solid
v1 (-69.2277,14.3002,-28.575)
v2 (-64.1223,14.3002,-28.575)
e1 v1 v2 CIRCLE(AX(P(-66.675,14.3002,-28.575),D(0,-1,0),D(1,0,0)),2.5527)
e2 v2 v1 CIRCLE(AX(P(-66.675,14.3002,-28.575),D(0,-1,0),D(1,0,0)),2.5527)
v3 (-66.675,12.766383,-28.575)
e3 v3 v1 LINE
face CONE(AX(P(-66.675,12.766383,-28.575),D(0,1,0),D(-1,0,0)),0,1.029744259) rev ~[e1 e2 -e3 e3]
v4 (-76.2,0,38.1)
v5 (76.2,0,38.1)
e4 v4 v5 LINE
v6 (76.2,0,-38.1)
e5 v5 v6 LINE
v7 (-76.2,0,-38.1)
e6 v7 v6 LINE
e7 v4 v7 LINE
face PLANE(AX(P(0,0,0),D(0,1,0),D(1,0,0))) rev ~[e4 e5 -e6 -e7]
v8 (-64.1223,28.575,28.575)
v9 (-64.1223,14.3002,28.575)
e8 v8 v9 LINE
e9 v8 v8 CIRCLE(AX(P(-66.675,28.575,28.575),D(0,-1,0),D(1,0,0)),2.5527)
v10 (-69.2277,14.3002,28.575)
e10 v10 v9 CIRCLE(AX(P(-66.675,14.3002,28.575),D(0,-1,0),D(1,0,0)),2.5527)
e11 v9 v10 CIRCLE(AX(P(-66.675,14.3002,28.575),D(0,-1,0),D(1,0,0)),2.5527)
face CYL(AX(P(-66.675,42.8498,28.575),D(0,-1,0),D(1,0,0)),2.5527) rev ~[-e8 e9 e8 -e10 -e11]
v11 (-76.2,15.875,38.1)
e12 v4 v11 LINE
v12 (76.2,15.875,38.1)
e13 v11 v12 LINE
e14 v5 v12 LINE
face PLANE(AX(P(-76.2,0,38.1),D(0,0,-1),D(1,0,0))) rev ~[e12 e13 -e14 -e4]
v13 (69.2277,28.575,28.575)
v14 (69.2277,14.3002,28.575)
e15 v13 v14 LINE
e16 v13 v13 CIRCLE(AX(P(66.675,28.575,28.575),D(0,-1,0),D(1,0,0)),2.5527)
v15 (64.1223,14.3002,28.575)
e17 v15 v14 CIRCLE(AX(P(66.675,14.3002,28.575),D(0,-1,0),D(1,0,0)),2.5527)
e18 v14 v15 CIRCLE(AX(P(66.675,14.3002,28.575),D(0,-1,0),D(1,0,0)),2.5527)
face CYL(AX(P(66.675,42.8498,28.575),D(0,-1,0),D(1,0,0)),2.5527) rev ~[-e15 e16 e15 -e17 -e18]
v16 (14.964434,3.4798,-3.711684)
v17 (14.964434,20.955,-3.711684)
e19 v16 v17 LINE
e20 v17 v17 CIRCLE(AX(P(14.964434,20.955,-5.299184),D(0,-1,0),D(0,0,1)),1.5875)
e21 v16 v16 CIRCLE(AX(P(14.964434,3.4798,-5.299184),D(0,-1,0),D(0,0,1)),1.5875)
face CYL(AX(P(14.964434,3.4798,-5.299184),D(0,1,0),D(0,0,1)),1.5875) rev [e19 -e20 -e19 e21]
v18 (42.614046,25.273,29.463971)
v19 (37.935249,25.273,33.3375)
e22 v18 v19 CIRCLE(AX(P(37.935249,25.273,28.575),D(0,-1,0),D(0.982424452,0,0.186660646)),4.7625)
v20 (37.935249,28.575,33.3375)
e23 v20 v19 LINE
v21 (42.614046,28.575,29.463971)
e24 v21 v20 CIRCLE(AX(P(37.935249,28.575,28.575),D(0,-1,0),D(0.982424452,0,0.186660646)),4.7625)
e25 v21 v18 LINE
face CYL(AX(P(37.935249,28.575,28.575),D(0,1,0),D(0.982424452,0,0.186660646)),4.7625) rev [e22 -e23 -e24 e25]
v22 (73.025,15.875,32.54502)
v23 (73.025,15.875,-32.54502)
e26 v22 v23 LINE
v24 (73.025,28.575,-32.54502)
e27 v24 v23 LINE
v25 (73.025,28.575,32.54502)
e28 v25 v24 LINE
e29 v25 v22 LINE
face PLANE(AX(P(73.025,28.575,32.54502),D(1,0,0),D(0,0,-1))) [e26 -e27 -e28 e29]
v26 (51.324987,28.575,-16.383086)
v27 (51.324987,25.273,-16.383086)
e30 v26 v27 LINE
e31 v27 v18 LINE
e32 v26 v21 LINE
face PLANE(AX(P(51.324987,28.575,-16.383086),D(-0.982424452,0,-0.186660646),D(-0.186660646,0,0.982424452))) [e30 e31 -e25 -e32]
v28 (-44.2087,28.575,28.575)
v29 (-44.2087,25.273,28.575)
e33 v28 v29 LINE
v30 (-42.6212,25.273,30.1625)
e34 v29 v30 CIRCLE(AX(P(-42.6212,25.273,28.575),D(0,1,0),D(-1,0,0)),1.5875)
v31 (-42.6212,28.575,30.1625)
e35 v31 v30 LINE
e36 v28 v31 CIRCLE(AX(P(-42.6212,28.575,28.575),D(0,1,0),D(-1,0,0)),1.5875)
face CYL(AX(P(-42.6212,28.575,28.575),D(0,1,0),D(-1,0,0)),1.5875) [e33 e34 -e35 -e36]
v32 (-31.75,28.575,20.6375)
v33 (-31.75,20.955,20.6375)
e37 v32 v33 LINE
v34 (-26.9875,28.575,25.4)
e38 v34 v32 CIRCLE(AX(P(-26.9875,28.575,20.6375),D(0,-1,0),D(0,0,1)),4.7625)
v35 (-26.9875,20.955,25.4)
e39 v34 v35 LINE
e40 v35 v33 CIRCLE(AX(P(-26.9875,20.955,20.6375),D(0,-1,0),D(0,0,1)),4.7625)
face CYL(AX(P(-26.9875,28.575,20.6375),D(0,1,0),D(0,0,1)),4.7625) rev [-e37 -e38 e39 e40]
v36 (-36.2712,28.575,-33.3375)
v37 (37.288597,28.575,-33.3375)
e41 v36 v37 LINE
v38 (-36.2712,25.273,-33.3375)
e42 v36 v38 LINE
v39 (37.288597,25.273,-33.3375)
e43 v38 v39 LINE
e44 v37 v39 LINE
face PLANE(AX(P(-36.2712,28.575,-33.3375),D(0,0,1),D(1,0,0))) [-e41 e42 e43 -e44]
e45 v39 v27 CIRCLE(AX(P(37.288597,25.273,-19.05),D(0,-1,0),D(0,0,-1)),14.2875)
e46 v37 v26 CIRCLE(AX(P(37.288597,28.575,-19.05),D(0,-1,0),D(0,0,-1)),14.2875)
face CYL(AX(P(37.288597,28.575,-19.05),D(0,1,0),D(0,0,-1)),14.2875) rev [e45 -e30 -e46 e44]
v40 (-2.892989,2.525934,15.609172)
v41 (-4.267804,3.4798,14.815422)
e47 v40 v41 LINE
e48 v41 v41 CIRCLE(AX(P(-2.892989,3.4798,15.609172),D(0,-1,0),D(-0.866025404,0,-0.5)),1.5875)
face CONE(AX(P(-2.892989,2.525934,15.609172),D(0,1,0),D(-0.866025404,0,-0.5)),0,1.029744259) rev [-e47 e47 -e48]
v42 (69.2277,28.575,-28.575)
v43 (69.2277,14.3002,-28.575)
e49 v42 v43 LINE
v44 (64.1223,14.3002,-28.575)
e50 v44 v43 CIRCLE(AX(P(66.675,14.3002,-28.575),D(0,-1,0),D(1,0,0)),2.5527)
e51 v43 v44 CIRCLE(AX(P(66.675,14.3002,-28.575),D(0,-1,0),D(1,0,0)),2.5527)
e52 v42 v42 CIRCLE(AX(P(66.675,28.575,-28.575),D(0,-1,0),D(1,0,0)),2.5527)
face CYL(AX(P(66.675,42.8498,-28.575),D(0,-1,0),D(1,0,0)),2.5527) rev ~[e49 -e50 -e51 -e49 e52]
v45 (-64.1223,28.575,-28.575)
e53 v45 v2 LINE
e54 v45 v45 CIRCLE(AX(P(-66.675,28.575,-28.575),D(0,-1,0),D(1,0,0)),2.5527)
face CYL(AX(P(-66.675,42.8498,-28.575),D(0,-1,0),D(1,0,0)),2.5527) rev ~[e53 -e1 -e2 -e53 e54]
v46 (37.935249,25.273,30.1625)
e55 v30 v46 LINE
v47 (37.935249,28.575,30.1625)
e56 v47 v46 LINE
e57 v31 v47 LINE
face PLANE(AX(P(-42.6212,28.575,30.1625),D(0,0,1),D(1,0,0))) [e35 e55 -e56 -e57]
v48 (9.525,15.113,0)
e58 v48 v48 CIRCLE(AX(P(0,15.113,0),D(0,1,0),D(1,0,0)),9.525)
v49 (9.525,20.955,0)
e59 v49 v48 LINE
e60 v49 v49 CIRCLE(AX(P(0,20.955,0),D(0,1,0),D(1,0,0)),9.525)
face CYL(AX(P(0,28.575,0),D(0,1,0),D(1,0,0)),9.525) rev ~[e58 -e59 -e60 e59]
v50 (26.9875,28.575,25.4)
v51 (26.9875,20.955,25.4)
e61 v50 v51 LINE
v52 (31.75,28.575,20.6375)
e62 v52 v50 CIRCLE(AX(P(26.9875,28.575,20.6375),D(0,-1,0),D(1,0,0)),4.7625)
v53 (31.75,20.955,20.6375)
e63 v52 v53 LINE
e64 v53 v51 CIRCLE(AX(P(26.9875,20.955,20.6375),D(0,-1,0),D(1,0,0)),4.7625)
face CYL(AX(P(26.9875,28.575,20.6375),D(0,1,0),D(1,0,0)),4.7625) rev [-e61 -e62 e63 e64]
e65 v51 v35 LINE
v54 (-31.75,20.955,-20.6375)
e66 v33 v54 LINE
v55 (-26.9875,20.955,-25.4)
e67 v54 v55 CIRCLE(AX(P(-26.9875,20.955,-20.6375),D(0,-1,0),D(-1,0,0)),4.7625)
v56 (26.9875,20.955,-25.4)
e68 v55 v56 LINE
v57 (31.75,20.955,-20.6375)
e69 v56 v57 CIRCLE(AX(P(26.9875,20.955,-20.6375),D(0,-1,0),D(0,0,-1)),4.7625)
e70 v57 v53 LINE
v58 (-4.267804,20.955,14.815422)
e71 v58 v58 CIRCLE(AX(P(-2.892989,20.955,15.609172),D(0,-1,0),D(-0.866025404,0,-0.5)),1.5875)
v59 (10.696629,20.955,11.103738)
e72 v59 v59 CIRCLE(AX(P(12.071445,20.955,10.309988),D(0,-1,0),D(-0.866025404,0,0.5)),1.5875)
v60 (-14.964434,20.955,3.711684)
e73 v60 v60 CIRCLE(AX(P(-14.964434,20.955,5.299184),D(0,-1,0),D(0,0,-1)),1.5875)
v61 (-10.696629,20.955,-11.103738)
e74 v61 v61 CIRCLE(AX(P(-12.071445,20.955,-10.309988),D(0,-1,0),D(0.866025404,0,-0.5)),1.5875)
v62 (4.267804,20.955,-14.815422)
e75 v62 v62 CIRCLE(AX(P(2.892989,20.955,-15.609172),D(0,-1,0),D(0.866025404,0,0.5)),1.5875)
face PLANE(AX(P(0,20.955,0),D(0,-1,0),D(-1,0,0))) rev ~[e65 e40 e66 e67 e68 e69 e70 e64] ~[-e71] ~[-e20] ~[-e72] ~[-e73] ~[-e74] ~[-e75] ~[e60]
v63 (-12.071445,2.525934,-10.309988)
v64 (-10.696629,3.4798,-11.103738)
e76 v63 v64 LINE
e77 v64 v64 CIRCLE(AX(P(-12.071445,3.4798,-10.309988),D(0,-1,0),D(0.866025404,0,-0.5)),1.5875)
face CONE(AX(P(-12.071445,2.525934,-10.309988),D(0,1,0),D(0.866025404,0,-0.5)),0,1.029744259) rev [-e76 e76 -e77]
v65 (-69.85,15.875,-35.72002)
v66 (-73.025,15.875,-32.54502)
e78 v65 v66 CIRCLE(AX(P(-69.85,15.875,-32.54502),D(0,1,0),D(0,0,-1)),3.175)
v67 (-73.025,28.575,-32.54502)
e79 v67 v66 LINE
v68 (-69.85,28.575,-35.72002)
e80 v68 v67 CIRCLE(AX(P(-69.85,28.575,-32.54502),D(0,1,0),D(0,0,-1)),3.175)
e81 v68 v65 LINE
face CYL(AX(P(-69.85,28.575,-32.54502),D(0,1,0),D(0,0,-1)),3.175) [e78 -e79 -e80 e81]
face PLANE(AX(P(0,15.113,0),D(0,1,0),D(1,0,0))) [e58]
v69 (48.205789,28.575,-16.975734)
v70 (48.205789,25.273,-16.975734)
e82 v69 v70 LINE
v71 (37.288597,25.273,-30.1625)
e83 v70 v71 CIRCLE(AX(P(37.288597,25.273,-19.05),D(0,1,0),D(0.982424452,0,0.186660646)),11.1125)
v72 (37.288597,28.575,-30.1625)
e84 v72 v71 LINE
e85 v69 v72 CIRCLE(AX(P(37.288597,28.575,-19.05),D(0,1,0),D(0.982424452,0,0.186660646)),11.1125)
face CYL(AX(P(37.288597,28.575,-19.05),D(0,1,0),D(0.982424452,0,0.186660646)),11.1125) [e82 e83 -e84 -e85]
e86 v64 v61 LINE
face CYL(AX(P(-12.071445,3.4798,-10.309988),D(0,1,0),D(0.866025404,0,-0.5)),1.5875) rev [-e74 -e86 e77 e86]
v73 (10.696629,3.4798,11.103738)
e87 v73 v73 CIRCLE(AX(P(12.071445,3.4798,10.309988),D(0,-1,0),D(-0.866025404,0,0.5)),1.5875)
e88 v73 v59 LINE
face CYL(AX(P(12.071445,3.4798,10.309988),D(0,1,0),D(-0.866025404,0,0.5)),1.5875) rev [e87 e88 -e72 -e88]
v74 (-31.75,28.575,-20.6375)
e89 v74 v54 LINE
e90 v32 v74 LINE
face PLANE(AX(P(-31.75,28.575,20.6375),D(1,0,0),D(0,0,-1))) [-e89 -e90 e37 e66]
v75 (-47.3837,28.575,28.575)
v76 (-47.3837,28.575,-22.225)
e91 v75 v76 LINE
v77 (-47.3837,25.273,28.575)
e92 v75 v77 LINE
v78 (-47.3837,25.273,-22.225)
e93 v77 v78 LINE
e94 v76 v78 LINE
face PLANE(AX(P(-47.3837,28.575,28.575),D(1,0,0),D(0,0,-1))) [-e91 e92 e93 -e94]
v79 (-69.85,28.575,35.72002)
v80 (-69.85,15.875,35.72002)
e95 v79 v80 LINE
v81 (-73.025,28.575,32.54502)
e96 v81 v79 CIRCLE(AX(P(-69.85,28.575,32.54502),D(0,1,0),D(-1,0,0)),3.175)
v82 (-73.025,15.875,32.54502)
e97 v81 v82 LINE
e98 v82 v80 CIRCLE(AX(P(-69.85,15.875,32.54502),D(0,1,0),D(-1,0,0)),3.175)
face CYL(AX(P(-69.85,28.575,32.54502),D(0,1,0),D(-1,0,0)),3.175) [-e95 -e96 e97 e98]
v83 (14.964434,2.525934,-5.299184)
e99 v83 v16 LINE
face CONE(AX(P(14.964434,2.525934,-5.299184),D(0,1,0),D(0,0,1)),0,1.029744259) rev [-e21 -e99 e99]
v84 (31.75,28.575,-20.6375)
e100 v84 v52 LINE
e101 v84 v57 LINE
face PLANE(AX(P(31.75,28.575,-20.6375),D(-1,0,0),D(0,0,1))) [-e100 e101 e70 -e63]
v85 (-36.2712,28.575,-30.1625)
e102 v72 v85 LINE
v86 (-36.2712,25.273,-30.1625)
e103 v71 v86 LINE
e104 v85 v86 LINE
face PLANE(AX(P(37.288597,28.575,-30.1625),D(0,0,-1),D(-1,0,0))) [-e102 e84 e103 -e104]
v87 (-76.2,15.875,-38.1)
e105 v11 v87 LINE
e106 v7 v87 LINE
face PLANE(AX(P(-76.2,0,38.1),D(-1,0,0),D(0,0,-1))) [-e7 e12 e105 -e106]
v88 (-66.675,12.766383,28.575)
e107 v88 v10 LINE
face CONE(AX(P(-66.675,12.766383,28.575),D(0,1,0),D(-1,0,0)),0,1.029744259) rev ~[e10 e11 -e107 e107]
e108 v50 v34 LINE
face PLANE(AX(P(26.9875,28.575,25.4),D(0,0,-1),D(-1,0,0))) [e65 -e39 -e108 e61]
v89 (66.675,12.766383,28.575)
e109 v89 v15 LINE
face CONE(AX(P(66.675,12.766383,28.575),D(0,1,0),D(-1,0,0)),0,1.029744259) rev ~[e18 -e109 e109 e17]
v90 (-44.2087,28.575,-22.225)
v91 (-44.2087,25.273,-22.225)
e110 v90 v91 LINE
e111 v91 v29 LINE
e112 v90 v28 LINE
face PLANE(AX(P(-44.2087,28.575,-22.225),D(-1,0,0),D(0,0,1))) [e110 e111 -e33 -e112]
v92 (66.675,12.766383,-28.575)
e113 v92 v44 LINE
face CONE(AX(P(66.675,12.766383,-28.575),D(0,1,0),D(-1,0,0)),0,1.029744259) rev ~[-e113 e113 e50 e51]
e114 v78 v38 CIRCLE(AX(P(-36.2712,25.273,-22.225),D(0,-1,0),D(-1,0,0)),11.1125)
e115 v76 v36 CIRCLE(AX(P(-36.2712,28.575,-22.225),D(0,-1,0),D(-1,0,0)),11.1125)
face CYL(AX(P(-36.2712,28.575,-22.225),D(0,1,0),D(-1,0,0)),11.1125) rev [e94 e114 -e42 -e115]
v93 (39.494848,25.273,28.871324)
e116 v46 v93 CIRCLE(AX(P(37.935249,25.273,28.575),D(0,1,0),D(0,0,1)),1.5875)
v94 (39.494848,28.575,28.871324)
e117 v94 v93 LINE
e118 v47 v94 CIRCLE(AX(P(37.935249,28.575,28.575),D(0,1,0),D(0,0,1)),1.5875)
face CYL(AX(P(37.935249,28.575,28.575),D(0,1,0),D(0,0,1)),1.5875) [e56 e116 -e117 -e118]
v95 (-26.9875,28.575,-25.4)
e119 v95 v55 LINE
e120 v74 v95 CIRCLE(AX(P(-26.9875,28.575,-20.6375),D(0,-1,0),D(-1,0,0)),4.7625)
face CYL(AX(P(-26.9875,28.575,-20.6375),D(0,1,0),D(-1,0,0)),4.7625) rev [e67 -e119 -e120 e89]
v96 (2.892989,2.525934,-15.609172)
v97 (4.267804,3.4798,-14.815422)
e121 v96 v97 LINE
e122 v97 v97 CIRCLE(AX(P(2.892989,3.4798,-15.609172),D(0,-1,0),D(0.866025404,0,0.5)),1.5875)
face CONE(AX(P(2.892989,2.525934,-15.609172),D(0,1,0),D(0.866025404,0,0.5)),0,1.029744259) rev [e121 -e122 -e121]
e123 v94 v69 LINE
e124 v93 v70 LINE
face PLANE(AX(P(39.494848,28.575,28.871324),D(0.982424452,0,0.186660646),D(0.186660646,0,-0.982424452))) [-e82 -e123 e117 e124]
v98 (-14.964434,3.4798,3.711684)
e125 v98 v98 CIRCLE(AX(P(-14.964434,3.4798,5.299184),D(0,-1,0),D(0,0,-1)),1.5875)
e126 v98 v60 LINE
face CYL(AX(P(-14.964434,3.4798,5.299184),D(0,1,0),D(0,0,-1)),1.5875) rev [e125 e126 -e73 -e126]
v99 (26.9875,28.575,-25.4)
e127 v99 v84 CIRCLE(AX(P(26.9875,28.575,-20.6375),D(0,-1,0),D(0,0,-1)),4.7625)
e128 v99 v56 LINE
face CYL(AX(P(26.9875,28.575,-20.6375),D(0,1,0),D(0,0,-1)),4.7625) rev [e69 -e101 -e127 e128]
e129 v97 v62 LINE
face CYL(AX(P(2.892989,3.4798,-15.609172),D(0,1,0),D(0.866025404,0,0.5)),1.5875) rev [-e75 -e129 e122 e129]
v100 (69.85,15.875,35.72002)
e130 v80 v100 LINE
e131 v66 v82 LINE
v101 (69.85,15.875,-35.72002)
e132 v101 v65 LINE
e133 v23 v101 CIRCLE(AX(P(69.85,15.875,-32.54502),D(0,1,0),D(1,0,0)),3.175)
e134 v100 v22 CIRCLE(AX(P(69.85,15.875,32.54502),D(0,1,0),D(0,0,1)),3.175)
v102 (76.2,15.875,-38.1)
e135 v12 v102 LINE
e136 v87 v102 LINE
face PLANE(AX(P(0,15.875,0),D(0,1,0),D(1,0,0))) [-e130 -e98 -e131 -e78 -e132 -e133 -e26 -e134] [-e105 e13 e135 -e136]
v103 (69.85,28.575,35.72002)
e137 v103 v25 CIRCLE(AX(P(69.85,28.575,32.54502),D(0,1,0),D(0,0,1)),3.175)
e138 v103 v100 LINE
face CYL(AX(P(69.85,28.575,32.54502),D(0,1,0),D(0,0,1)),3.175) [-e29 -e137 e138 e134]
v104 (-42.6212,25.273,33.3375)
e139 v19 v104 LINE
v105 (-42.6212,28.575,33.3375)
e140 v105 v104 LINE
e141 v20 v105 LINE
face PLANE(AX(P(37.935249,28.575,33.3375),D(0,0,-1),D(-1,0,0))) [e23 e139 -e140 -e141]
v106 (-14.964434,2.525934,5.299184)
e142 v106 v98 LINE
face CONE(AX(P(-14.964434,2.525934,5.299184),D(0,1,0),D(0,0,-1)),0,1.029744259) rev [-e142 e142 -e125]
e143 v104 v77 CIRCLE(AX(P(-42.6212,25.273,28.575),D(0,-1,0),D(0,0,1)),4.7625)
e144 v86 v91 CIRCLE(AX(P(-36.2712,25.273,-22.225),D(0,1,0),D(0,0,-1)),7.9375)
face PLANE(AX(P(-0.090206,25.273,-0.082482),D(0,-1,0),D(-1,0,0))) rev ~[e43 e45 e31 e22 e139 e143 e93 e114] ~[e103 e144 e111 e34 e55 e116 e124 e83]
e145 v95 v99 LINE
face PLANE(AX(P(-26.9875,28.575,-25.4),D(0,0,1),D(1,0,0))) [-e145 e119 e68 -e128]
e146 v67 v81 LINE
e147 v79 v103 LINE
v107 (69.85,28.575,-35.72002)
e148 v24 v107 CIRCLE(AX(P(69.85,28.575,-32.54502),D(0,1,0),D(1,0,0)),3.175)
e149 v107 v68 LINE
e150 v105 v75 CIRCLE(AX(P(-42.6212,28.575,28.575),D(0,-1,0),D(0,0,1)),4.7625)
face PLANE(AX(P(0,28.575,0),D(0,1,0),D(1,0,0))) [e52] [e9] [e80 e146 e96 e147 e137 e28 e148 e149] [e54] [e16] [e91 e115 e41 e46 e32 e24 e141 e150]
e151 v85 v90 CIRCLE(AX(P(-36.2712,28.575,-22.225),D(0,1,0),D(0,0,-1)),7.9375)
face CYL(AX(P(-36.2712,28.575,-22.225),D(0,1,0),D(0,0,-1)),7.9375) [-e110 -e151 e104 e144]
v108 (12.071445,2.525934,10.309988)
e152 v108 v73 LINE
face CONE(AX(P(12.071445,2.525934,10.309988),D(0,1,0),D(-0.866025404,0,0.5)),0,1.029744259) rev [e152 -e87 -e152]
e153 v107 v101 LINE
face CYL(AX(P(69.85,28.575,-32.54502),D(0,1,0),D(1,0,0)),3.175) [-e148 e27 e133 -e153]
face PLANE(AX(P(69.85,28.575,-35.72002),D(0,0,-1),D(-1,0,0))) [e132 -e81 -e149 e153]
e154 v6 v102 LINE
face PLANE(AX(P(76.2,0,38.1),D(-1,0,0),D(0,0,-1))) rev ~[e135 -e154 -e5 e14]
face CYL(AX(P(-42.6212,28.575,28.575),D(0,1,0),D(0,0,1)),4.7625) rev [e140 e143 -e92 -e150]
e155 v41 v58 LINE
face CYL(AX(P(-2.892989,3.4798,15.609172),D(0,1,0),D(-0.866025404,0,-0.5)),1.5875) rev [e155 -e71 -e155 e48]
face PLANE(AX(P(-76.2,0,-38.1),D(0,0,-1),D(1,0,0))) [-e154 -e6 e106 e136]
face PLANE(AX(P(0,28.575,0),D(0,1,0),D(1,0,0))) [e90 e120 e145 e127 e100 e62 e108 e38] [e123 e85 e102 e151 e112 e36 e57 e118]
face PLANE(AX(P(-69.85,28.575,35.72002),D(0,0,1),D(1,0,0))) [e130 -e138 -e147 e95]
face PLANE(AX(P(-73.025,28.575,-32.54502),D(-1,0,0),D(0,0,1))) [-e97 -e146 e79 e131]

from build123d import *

# Parameters (mm, degrees)
SKETCH1_W                      = 152.4
SKETCH1_H                      = 76.2
BOSS_EXTRUDE1_DEPTH            = 28.575
SKETCH2_R                      = 9.525
CUT_EXTRUDE1_DEPTH             = 13.462
CUT_EXTRUDE3_DEPTH             = 3.302
CUT_EXTRUDE4_DEPTH             = 7.62
F_7_0_201_DIAMETER_HOLE1_D     = 5.1054
F_7_0_201_DIAMETER_HOLE1_DEPTH = 14.2748
F_7_0_201_DIAMETER_HOLE1_TIP   = 1.533816902
SKETCH10_OUTSIDE_W             = 188.954
SKETCH10_OUTSIDE_H             = 112.754
CUT_EXTRUDE5_DEPTH             = 12.7
CIRPATTERN1_COUNT              = 6


with BuildPart() as part:
    # Sketch1 → Boss-Extrude1 (new body)
    with BuildSketch(Plane(origin=(0, 0, 0), x_dir=(1, 0, 0), z_dir=(0, 1, 0))):
        Rectangle(SKETCH1_W, SKETCH1_H)
    extrude(amount=BOSS_EXTRUDE1_DEPTH)

    # Sketch2 → Cut-Extrude1 (cut)
    with BuildSketch(Plane(origin=(0, 28.575, 0), x_dir=(1, 0, 0), z_dir=(0, 1, 0))):
        Circle(SKETCH2_R)
    extrude(amount=-CUT_EXTRUDE1_DEPTH, mode=Mode.SUBTRACT)

    # Sketch4 → Cut-Extrude3 (cut)
    with BuildSketch(Plane(origin=(0, 28.575, 0), x_dir=(1, 0, 0), z_dir=(0, 1, 0))):
        with BuildLine():
            Line((-36.2712, 33.3375), (37.288597325, 33.3375))
            ThreePointArc((37.288597325, 33.3375), (48.293963964, 28.161232705), (51.324986679, 16.383086023))
            Line((51.324986679, 16.383086023), (42.614045782, -29.463971326))
            ThreePointArc((42.614045782, -29.463971326), (40.9723269, -32.243455546), (37.935249331, -33.3375))
            Line((37.935249331, -33.3375), (-42.6212, -33.3375))
            ThreePointArc((-42.6212, -33.3375), (-45.988796045, -31.942596045), (-47.3837, -28.575))
            Line((-47.3837, -28.575), (-47.3837, 22.225))
            ThreePointArc((-47.3837, 22.225), (-44.128924106, 30.082724106), (-36.2712, 33.3375))
        make_face()
        with BuildLine():
            ThreePointArc((-36.2712, 30.1625), (-41.883860076, 27.837660076), (-44.2087, 22.225))
            Line((-44.2087, 22.225), (-44.2087, -28.575))
            ThreePointArc((-44.2087, -28.575), (-43.743732015, -29.697532015), (-42.6212, -30.1625))
            Line((-42.6212, -30.1625), (37.935249331, -30.1625))
            ThreePointArc((37.935249331, -30.1625), (38.947608521, -29.797818515), (39.494848148, -28.871323775))
            Line((39.494848148, -28.871323775), (48.205789045, 16.975733573))
            ThreePointArc((48.205789045, 16.975733573), (45.848326933, 26.136514326), (37.288597325, 30.1625))
            Line((37.288597325, 30.1625), (-36.2712, 30.1625))
        make_face(mode=Mode.SUBTRACT)
    extrude(amount=-CUT_EXTRUDE3_DEPTH, mode=Mode.SUBTRACT)

    # Sketch7 → Cut-Extrude4 (cut)
    with BuildSketch(Plane(origin=(0, 28.575, 0), x_dir=(1, 0, 0), z_dir=(0, 1, 0))):
        with BuildLine():
            Line((31.75, 20.6375), (31.75, -20.6375))
            ThreePointArc((31.75, -20.6375), (30.355096045, -24.005096045), (26.9875, -25.4))
            Line((26.9875, -25.4), (-26.9875, -25.4))
            ThreePointArc((-26.9875, -25.4), (-30.355096045, -24.005096045), (-31.75, -20.6375))
            Line((-31.75, -20.6375), (-31.75, 20.6375))
            ThreePointArc((-31.75, 20.6375), (-30.355096045, 24.005096045), (-26.9875, 25.4))
            Line((-26.9875, 25.4), (26.9875, 25.4))
            ThreePointArc((26.9875, 25.4), (30.355096045, 24.005096045), (31.75, 20.6375))
        make_face()
    extrude(amount=-CUT_EXTRUDE4_DEPTH, mode=Mode.SUBTRACT)

    # #7 (0.201) Diameter Hole1
    with Locations(Plane(origin=(0, 28.575, 0), x_dir=(-1, 0, 0), z_dir=(0, 1, 0))):
        with Locations((66.675, -28.575), (-66.675, -28.575), (-66.675, 28.575), (66.675, 28.575)):
            Hole(F_7_0_201_DIAMETER_HOLE1_D / 2, depth=F_7_0_201_DIAMETER_HOLE1_DEPTH)
            with Locations((0, 0, -(F_7_0_201_DIAMETER_HOLE1_DEPTH + F_7_0_201_DIAMETER_HOLE1_TIP / 2))):  # 118° drill point
                Cone(0, F_7_0_201_DIAMETER_HOLE1_D / 2, F_7_0_201_DIAMETER_HOLE1_TIP, mode=Mode.SUBTRACT)

    # Sketch10 outside → Cut-Extrude5 (cut)
    with BuildSketch(Plane(origin=(0, 28.575, 0), x_dir=(1, 0, 0), z_dir=(0, 1, 0))):
        Rectangle(SKETCH10_OUTSIDE_W, SKETCH10_OUTSIDE_H)
        with BuildLine():
            Line((-73.025, 32.54502), (-73.025, -32.54502))
            ThreePointArc((-73.025, -32.54502), (-72.09506403, -34.79008403), (-69.85, -35.72002))
            Line((-69.85, -35.72002), (69.85, -35.72002))
            ThreePointArc((69.85, -35.72002), (72.09506403, -34.79008403), (73.025, -32.54502))
            Line((73.025, -32.54502), (73.025, 32.54502))
            ThreePointArc((73.025, 32.54502), (72.09506403, 34.79008403), (69.85, 35.72002))
            Line((69.85, 35.72002), (-69.85, 35.72002))
            ThreePointArc((-69.85, 35.72002), (-72.09506403, 34.79008403), (-73.025, 32.54502))
        make_face(mode=Mode.SUBTRACT)
    extrude(amount=-CUT_EXTRUDE5_DEPTH, mode=Mode.SUBTRACT)

    # Sketch13 → 1/8 (0.125) Diameter Hole1 (revolve, cut)
    with BuildSketch(Plane(origin=(14.964433671, 20.955, -5.29918389), x_dir=(0, 0, 1), z_dir=(1, 0, 0))):
        Polygon((0, 0), (0, 18.429066233), (1.5875, 17.4752), (1.5875, 0), align=None)
    f_1_8_0_125_diameter_hole1 = revolve(axis=Axis((14.964433671, 27.305, -5.29918389), (0, -1, 0)), mode=Mode.SUBTRACT)

    # CirPattern1: 1/8 (0.125) Diameter Hole1 ×6 about axis
    cirpattern1_axis = Axis((0, 0, 0), (0, 1, 0))
    for i in range(1, CIRPATTERN1_COUNT):
        add(f_1_8_0_125_diameter_hole1.rotate(cirpattern1_axis, i * 360 / CIRPATTERN1_COUNT), mode=Mode.SUBTRACT)


solid = part.part
